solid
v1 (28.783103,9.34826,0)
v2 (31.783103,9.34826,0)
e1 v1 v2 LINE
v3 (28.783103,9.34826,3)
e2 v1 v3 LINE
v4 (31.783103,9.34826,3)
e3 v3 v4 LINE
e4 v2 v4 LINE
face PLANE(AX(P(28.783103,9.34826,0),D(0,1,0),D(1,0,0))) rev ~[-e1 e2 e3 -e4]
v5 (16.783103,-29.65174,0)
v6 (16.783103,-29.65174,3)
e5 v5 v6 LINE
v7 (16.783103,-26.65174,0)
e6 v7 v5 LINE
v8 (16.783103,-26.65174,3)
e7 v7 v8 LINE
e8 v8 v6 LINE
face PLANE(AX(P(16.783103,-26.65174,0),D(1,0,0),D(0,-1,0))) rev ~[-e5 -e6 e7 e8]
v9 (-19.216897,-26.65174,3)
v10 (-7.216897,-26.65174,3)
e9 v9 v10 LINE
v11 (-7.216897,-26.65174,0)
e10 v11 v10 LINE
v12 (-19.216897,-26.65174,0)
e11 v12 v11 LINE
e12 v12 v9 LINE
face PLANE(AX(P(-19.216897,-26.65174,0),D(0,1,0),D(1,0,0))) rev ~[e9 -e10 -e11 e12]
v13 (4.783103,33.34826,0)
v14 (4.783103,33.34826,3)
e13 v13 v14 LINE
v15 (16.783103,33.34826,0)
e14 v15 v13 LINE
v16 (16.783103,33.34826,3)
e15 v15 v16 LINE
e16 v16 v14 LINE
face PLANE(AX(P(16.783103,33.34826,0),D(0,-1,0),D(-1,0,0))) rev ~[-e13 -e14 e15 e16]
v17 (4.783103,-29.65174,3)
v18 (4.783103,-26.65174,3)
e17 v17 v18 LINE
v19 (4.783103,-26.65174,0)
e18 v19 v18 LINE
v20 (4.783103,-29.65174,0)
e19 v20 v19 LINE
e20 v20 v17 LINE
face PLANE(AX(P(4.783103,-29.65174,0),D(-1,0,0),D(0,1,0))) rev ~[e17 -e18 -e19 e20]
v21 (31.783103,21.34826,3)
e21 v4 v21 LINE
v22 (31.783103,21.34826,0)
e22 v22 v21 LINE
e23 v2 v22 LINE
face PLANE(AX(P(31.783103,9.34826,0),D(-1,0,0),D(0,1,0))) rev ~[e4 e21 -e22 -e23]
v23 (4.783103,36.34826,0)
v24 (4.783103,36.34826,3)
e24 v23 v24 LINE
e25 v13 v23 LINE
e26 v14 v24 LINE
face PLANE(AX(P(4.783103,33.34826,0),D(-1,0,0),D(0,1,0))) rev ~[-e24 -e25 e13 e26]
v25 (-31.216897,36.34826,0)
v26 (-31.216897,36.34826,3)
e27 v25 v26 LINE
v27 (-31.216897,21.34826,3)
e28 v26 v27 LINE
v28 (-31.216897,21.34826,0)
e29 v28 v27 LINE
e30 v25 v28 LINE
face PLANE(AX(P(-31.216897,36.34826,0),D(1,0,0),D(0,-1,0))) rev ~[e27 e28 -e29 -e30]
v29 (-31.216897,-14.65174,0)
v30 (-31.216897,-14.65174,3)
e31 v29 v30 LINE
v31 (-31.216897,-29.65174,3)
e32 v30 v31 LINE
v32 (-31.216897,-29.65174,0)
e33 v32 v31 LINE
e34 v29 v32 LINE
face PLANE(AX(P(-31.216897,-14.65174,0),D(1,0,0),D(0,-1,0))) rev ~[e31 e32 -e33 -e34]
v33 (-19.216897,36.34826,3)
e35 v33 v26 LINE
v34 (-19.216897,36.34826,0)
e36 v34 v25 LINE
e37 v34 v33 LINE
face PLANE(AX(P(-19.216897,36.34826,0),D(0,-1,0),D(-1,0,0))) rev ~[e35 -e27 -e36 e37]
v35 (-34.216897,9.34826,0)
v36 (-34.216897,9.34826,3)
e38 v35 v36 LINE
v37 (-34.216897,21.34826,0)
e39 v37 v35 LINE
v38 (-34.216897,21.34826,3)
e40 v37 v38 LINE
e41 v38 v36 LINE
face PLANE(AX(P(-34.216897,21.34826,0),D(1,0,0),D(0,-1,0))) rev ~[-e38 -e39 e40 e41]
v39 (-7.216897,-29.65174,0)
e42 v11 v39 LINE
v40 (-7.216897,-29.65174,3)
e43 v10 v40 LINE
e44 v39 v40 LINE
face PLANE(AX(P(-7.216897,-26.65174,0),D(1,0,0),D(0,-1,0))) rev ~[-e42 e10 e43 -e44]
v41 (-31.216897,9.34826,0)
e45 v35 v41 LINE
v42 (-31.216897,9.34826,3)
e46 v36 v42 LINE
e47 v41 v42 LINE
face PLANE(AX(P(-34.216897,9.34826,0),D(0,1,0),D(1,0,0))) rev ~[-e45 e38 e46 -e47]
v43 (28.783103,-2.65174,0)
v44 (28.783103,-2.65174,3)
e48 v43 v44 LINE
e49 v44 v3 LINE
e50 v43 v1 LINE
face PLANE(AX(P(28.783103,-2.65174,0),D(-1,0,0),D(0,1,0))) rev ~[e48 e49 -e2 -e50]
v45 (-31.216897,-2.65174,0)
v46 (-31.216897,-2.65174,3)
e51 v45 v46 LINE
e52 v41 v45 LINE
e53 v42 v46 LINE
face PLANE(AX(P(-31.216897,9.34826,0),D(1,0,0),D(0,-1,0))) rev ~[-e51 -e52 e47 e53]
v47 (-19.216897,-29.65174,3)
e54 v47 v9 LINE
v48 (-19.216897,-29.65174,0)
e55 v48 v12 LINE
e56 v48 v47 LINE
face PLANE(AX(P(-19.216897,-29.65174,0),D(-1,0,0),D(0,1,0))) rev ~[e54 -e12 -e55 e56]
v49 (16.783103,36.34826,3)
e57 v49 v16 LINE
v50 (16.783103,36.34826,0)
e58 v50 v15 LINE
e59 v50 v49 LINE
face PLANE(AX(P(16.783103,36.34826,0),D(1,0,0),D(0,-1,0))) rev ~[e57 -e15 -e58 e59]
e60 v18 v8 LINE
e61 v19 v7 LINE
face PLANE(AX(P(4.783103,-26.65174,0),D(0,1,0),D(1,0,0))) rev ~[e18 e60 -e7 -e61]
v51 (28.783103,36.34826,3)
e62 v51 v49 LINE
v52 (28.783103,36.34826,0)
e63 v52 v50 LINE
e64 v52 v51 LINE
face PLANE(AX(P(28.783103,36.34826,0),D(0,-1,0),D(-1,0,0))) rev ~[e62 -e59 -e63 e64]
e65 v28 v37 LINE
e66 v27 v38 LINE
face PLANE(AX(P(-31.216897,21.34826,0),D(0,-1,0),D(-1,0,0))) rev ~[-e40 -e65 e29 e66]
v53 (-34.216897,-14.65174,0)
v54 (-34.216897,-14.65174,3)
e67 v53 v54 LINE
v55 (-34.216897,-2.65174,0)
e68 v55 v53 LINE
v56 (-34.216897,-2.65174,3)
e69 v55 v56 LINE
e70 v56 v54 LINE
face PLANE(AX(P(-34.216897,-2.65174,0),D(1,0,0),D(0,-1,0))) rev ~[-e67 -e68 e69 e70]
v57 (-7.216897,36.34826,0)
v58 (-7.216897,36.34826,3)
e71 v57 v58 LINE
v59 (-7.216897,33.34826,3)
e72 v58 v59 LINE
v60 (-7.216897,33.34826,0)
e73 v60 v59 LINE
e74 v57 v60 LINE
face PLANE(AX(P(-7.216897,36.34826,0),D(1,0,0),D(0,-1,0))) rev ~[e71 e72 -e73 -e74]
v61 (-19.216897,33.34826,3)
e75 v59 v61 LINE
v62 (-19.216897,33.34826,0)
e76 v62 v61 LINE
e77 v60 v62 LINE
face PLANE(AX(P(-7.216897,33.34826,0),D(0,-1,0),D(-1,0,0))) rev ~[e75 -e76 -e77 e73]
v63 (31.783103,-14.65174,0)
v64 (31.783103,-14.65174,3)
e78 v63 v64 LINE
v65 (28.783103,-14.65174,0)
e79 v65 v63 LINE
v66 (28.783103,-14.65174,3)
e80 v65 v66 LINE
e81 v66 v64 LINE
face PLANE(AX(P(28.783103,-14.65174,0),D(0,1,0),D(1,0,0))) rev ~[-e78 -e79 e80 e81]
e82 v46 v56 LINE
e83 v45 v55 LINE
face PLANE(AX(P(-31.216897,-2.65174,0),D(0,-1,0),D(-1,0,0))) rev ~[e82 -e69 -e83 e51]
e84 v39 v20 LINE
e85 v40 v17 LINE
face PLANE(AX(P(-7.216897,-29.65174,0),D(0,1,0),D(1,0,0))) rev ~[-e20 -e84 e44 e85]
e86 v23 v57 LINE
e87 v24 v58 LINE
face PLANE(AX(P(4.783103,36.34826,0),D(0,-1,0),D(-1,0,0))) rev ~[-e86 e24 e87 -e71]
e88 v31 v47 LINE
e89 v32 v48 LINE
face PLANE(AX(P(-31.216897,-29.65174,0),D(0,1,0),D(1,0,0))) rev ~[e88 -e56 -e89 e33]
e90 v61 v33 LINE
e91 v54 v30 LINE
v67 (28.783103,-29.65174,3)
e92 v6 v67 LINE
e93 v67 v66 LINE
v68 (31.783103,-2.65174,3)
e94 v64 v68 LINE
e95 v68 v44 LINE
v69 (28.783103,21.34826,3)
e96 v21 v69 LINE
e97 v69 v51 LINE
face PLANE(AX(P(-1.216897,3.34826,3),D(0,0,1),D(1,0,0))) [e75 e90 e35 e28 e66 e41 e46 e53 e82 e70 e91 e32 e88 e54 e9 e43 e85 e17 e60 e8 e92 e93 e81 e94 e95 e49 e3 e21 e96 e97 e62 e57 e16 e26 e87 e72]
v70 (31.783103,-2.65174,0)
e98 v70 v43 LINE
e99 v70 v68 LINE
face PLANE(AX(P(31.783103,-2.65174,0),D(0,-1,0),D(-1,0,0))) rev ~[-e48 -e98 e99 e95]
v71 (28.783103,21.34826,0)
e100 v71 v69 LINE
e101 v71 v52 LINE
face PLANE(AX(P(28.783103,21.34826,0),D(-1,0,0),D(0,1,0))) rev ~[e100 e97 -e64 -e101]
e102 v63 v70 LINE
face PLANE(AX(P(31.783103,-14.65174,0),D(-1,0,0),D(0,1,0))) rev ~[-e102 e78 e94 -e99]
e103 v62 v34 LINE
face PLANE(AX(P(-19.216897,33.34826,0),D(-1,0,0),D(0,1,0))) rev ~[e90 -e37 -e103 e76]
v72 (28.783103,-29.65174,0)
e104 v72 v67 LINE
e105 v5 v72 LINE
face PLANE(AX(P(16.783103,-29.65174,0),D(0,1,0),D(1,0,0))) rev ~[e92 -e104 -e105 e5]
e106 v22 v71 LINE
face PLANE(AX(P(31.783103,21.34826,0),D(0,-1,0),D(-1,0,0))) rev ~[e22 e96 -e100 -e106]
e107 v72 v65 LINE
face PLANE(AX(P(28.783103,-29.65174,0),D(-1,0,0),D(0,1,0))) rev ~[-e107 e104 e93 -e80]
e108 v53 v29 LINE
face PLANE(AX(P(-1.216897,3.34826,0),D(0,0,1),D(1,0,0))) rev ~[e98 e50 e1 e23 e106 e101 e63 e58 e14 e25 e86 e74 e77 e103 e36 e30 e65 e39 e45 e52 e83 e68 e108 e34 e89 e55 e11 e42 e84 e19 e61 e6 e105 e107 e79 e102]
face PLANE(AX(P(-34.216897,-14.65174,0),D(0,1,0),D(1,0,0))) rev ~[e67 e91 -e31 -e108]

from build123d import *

# Parameters (mm, degrees)
RESSALTO_EXTRUS_O1_DEPTH = 3


with BuildPart() as part:
    # Esboço1 → Ressalto-extrusão1 (new body)
    with BuildSketch(Plane.XY):
        Polygon((-31.216896784, 9.348259862), (-31.216896784, -2.651740138), (-34.216896784, -2.651740138), (-34.216896784, -14.651740138), (-31.216896784, -14.651740138), (-31.216896784, -26.651740138), (-31.216896784, -29.651740138), (-19.216896784, -29.651740138), (-19.216896784, -26.651740138), (-7.216896784, -26.651740138), (-7.216896784, -29.651740138), (4.783103216, -29.651740138), (4.783103216, -26.651740138), (16.783103216, -26.651740138), (16.783103216, -29.651740138), (28.783103216, -29.651740138), (28.783103216, -26.651740138), (28.783103216, -14.651740138), (31.783103216, -14.651740138), (31.783103216, -2.651740138), (28.783103216, -2.651740138), (28.783103216, 9.348259862), (31.783103216, 9.348259862), (31.783103216, 21.348259862), (28.783103216, 21.348259862), (28.783103216, 33.348259862), (28.783103216, 36.348259862), (16.783103216, 36.348259862), (16.783103216, 33.348259862), (4.783103216, 33.348259862), (4.783103216, 36.348259862), (-7.216896784, 36.348259862), (-7.216896784, 33.348259862), (-19.216896784, 33.348259862), (-19.216896784, 36.348259862), (-31.216896784, 36.348259862), (-31.216896784, 33.348259862), (-31.216896784, 21.348259862), (-34.216896784, 21.348259862), (-34.216896784, 9.348259862), align=None)
    extrude(amount=RESSALTO_EXTRUS_O1_DEPTH)


solid = part.part
